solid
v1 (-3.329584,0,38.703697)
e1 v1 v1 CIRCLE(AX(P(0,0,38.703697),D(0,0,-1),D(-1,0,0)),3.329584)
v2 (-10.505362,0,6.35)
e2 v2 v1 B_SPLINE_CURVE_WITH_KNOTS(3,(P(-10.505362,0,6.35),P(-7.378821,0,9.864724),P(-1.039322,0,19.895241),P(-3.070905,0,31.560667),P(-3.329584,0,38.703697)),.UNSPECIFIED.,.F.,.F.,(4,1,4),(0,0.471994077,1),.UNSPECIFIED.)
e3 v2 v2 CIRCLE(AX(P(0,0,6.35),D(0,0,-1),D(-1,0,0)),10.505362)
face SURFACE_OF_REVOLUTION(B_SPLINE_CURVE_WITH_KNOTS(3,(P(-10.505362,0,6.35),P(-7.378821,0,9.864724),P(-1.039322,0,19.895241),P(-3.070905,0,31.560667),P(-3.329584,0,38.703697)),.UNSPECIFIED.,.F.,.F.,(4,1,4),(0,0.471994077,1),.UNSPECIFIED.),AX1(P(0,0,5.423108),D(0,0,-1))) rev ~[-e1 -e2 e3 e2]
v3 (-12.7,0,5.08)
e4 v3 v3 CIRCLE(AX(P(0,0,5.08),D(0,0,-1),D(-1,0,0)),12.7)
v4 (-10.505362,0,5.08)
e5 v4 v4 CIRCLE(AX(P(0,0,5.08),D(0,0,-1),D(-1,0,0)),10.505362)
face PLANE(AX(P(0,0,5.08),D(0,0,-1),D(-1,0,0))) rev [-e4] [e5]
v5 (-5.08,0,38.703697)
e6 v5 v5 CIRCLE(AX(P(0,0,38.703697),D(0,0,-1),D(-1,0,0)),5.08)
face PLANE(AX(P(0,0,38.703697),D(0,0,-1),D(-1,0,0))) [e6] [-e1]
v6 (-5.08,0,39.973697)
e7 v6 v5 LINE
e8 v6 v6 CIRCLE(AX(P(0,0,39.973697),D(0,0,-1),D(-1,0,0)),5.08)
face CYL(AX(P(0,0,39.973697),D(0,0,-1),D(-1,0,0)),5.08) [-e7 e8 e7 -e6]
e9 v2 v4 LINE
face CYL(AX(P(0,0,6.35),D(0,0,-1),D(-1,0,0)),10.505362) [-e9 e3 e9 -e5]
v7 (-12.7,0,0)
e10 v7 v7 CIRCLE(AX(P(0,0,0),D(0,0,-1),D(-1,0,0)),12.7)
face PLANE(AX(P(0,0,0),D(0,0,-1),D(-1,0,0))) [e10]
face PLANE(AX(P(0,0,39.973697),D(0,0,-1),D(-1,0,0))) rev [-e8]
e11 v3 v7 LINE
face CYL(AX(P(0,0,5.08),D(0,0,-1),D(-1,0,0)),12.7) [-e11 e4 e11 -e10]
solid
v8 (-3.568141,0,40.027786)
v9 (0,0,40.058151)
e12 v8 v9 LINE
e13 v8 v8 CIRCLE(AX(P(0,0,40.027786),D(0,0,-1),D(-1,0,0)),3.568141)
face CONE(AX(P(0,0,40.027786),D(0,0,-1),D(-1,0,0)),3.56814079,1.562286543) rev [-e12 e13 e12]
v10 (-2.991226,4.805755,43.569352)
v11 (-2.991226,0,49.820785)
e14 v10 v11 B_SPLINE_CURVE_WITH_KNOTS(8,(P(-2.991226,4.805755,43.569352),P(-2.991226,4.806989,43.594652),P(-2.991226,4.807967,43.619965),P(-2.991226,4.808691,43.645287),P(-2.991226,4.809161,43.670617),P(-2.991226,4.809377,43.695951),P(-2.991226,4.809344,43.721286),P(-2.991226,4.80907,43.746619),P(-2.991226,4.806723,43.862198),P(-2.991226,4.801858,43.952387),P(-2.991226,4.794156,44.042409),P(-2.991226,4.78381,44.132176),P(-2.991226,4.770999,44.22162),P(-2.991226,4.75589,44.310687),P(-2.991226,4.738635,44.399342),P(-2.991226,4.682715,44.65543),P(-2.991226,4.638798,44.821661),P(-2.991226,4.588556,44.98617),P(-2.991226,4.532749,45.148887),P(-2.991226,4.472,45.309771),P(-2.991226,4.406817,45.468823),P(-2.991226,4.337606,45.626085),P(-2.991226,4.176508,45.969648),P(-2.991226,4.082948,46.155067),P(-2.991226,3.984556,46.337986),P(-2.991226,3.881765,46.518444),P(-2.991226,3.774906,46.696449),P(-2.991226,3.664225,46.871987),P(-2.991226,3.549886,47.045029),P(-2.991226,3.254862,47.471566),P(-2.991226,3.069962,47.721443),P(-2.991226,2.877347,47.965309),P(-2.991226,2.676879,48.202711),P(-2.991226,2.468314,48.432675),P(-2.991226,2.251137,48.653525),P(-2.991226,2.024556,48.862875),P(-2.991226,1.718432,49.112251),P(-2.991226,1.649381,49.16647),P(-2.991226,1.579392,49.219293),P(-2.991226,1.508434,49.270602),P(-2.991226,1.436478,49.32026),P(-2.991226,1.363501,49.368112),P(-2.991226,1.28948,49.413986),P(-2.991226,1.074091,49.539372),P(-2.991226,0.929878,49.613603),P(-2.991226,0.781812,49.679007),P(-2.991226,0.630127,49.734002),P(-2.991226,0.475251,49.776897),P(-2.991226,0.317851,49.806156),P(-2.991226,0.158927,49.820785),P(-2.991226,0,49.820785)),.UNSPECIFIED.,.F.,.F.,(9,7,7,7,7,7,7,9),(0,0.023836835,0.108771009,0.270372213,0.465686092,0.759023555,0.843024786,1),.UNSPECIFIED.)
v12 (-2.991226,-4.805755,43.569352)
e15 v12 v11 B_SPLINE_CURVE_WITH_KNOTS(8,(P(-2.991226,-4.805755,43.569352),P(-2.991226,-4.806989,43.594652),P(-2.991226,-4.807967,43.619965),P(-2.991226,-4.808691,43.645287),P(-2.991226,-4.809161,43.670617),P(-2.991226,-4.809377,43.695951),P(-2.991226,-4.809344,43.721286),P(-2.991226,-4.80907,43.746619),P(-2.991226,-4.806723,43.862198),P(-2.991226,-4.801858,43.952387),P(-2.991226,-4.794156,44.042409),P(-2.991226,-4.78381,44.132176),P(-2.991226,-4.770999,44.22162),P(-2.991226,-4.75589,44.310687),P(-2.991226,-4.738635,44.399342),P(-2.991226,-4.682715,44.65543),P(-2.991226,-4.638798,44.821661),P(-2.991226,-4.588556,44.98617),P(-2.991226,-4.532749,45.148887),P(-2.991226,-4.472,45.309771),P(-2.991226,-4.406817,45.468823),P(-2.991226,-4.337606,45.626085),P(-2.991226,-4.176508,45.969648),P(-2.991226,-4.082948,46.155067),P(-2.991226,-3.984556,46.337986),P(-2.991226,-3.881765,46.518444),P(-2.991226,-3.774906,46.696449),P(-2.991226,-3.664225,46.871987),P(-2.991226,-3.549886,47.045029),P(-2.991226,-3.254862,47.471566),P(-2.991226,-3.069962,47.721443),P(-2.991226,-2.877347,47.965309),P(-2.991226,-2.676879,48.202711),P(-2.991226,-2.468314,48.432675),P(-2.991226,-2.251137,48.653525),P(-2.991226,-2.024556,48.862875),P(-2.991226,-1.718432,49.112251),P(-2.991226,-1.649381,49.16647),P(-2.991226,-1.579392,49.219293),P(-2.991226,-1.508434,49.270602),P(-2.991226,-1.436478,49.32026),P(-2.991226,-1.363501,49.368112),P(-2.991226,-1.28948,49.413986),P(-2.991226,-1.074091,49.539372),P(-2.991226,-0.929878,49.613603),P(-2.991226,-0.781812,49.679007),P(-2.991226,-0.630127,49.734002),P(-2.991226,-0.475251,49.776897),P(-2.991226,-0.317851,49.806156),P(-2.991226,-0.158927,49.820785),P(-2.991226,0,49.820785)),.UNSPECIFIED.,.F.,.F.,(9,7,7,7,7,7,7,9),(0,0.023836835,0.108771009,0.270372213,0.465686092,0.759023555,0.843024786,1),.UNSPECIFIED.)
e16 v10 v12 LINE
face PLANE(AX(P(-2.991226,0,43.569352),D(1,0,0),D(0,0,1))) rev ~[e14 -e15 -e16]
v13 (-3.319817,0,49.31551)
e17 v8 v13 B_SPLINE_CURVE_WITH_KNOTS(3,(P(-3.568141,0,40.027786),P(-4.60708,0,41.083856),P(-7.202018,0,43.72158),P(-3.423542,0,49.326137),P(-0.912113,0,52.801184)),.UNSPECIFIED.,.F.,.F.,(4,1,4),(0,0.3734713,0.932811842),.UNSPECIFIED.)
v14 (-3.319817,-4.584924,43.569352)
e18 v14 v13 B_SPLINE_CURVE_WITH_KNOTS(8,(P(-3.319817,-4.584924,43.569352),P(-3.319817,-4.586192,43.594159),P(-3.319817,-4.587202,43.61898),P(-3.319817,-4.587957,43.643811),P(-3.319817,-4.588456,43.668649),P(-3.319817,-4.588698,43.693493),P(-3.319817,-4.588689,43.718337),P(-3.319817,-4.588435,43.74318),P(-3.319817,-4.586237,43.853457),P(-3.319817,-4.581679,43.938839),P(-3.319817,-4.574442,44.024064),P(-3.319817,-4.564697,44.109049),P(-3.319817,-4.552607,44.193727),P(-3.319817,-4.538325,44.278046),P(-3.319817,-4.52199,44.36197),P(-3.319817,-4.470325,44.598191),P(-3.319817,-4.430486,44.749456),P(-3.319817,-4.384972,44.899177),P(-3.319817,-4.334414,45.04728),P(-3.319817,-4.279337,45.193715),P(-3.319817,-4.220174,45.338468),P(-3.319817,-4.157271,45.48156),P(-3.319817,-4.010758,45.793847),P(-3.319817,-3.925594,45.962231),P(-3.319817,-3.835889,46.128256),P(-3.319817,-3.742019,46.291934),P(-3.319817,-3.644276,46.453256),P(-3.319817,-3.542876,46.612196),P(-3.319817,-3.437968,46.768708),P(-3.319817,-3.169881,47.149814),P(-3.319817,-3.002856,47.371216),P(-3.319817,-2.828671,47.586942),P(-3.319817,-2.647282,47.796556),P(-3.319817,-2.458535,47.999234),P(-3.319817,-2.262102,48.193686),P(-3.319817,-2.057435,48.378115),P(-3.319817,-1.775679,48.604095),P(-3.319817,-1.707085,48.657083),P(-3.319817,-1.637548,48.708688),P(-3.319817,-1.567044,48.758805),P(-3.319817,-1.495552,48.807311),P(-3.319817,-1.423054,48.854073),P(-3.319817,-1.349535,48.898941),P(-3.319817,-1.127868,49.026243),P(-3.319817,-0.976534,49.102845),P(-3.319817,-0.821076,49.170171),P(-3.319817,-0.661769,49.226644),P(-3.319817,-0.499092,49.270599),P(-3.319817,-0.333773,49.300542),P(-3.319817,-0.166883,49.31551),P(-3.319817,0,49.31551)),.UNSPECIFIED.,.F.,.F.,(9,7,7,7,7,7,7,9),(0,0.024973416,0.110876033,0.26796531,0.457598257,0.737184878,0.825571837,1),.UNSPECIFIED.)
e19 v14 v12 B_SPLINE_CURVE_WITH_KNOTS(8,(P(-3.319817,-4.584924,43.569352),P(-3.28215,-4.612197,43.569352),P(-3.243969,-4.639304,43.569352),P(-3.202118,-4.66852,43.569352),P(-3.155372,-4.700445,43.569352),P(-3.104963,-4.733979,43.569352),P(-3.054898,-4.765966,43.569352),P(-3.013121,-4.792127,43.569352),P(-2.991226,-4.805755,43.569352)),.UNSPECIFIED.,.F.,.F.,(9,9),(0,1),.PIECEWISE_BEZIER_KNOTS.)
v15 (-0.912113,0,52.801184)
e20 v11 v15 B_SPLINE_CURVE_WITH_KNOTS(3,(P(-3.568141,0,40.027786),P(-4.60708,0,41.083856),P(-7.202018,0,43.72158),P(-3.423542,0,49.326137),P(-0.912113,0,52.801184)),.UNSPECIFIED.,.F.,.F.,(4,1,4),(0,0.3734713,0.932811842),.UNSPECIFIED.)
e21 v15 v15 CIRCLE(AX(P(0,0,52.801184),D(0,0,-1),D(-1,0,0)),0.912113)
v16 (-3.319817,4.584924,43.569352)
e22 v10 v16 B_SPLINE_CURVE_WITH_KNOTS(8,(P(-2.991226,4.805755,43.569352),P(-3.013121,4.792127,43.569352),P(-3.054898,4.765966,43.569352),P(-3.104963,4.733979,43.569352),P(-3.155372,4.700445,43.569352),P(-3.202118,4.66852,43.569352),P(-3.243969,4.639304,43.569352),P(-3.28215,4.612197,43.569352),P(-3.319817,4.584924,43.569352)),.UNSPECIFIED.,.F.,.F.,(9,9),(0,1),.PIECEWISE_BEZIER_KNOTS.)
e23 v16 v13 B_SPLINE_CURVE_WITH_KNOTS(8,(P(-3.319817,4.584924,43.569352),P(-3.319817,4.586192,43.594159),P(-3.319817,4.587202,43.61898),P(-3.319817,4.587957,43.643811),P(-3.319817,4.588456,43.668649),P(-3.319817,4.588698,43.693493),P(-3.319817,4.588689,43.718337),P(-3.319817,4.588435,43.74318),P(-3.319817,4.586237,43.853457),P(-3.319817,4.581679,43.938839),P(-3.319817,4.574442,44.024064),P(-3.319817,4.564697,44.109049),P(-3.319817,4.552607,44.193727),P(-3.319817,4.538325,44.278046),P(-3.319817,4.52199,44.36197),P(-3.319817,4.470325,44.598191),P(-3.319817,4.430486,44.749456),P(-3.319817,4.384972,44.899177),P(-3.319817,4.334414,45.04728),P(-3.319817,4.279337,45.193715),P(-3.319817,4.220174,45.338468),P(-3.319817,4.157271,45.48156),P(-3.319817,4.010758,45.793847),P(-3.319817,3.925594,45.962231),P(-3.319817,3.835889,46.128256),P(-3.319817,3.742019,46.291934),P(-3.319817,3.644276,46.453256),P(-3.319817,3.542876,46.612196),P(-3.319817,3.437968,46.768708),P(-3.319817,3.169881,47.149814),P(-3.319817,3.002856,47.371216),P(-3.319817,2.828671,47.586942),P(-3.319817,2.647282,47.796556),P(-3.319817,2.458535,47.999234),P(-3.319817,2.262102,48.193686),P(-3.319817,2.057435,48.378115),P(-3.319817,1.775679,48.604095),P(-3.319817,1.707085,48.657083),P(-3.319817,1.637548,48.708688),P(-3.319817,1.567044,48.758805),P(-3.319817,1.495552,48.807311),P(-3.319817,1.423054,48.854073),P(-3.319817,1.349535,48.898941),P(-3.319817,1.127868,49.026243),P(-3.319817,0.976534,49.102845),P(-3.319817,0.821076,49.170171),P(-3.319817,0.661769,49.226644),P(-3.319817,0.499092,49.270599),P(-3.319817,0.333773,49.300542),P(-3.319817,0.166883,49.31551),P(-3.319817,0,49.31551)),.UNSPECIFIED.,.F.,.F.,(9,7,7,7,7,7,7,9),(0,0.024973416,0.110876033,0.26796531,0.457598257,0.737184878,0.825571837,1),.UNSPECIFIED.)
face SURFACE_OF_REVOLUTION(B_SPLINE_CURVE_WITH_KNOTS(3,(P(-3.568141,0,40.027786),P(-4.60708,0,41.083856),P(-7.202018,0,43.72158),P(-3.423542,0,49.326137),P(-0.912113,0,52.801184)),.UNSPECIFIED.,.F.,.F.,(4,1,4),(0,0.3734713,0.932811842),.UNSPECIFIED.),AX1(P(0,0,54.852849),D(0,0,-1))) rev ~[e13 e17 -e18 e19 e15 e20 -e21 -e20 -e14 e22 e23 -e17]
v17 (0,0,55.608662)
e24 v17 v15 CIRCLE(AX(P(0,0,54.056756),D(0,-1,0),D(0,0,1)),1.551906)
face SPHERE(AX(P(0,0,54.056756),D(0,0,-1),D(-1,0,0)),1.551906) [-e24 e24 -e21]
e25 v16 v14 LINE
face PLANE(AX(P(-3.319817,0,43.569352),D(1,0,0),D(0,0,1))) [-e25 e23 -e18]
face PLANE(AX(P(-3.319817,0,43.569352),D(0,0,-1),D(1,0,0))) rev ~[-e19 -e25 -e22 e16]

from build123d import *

# Parameters (mm, degrees)
F4_W     = 0.3285910934
F4_H     = 7.1961395442
F5_DEPTH = 38.1


with BuildPart() as f1:
    # F0 (on Front) → F1 (revolve)
    with BuildSketch(Plane.XZ):
        Polygon((-12.7, 0), (0, 0), (0, 5.08), (-10.5053622615, 5.08), (-12.7, 5.08), align=None)
        with BuildLine():
            Line((-10.5053622615, 5.08), (0, 5.08))
            Line((0, 5.08), (0, 21.745795384))
            Line((0, 21.745795384), (0, 27.4026617408))
            Line((0, 27.4026617408), (0, 38.7036968023))
            Line((0, 38.7036968023), (-3.3295838776, 38.7036968023))
            add(Edge.make_bspline(
                [(-10.5053622615, 6.35), (-7.3788208176, 9.8647244593), (-1.0393221328, 19.8952411603), (-3.0709053347, 31.5606674913), (-3.3295838776, 38.7036968023)],
                knots=[0, 0, 0, 0, 0.4719940767, 1, 1, 1, 1], degree=3))
            Line((-10.5053622615, 6.35), (-10.5053622615, 5.08))
        make_face()
        Polygon((-5.08, 38.7036968023), (-3.3295838776, 38.7036968023), (0, 38.7036968023), (0, 39.9736968023), (-5.08, 39.9736968023), align=None)
    revolve(axis=Axis((0, 0, 5.423108103), (0, 0, -1)))


with BuildPart() as f3:
    # F2 (on Front) → F3 (revolve)
    with BuildSketch(Plane.XZ):
        with BuildLine():
            add(Edge.make_bspline(
                [(-3.5681407899, 40.0277860463), (-4.6070800737, 41.0838558378), (-7.2020180746, 43.7215803675), (-3.4235417343, 49.3261366901), (-0.9121126212, 52.8011838167)],
                knots=[0, 0, 0, 0, 0.3734712996, 0.9328118424, 0.9328118424, 0.9328118424, 0.9328118424], degree=3))
            Line((-3.5681407899, 40.0277860463), (0, 40.0581508875))
            Line((0, 40.0581508875), (0, 54.0567561984))
            add(Edge.make_bspline(
                [(-0.9121126212, 52.8011838167), (-0.6104389858, 53.2186075434), (-0.3052194929, 53.6376818709), (0, 54.0567561984)],
                knots=[0.9328118424, 0.9328118424, 0.9328118424, 0.9328118424, 1, 1, 1, 1], degree=3))
        make_face()
        with BuildLine():
            ThreePointArc((0, 55.6086619428), (-1.4759643341, 54.5362775471), (-0.9121126212, 52.8011838167))
            add(Edge.make_bspline(
                [(-0.9121126212, 52.8011838167), (-0.6104389858, 53.2186075434), (-0.3052194929, 53.6376818709), (0, 54.0567561984)],
                knots=[0.9328118424, 0.9328118424, 0.9328118424, 0.9328118424, 1, 1, 1, 1], degree=3))
            Line((0, 54.0567561984), (0, 55.6086619428))
        make_face()
    revolve(axis=Axis((0, 0, 54.8528488725), (0, 0, -1)))

    # F4 (on Front) → F5 (cut, symmetric)
    with BuildSketch(Plane.XZ):
        with Locations((-3.1555218156, 47.1674222499)):
            Rectangle(F4_W, F4_H)
    extrude(amount=F5_DEPTH, both=True, mode=Mode.SUBTRACT)


solid = Compound([f1.part, f3.part])
